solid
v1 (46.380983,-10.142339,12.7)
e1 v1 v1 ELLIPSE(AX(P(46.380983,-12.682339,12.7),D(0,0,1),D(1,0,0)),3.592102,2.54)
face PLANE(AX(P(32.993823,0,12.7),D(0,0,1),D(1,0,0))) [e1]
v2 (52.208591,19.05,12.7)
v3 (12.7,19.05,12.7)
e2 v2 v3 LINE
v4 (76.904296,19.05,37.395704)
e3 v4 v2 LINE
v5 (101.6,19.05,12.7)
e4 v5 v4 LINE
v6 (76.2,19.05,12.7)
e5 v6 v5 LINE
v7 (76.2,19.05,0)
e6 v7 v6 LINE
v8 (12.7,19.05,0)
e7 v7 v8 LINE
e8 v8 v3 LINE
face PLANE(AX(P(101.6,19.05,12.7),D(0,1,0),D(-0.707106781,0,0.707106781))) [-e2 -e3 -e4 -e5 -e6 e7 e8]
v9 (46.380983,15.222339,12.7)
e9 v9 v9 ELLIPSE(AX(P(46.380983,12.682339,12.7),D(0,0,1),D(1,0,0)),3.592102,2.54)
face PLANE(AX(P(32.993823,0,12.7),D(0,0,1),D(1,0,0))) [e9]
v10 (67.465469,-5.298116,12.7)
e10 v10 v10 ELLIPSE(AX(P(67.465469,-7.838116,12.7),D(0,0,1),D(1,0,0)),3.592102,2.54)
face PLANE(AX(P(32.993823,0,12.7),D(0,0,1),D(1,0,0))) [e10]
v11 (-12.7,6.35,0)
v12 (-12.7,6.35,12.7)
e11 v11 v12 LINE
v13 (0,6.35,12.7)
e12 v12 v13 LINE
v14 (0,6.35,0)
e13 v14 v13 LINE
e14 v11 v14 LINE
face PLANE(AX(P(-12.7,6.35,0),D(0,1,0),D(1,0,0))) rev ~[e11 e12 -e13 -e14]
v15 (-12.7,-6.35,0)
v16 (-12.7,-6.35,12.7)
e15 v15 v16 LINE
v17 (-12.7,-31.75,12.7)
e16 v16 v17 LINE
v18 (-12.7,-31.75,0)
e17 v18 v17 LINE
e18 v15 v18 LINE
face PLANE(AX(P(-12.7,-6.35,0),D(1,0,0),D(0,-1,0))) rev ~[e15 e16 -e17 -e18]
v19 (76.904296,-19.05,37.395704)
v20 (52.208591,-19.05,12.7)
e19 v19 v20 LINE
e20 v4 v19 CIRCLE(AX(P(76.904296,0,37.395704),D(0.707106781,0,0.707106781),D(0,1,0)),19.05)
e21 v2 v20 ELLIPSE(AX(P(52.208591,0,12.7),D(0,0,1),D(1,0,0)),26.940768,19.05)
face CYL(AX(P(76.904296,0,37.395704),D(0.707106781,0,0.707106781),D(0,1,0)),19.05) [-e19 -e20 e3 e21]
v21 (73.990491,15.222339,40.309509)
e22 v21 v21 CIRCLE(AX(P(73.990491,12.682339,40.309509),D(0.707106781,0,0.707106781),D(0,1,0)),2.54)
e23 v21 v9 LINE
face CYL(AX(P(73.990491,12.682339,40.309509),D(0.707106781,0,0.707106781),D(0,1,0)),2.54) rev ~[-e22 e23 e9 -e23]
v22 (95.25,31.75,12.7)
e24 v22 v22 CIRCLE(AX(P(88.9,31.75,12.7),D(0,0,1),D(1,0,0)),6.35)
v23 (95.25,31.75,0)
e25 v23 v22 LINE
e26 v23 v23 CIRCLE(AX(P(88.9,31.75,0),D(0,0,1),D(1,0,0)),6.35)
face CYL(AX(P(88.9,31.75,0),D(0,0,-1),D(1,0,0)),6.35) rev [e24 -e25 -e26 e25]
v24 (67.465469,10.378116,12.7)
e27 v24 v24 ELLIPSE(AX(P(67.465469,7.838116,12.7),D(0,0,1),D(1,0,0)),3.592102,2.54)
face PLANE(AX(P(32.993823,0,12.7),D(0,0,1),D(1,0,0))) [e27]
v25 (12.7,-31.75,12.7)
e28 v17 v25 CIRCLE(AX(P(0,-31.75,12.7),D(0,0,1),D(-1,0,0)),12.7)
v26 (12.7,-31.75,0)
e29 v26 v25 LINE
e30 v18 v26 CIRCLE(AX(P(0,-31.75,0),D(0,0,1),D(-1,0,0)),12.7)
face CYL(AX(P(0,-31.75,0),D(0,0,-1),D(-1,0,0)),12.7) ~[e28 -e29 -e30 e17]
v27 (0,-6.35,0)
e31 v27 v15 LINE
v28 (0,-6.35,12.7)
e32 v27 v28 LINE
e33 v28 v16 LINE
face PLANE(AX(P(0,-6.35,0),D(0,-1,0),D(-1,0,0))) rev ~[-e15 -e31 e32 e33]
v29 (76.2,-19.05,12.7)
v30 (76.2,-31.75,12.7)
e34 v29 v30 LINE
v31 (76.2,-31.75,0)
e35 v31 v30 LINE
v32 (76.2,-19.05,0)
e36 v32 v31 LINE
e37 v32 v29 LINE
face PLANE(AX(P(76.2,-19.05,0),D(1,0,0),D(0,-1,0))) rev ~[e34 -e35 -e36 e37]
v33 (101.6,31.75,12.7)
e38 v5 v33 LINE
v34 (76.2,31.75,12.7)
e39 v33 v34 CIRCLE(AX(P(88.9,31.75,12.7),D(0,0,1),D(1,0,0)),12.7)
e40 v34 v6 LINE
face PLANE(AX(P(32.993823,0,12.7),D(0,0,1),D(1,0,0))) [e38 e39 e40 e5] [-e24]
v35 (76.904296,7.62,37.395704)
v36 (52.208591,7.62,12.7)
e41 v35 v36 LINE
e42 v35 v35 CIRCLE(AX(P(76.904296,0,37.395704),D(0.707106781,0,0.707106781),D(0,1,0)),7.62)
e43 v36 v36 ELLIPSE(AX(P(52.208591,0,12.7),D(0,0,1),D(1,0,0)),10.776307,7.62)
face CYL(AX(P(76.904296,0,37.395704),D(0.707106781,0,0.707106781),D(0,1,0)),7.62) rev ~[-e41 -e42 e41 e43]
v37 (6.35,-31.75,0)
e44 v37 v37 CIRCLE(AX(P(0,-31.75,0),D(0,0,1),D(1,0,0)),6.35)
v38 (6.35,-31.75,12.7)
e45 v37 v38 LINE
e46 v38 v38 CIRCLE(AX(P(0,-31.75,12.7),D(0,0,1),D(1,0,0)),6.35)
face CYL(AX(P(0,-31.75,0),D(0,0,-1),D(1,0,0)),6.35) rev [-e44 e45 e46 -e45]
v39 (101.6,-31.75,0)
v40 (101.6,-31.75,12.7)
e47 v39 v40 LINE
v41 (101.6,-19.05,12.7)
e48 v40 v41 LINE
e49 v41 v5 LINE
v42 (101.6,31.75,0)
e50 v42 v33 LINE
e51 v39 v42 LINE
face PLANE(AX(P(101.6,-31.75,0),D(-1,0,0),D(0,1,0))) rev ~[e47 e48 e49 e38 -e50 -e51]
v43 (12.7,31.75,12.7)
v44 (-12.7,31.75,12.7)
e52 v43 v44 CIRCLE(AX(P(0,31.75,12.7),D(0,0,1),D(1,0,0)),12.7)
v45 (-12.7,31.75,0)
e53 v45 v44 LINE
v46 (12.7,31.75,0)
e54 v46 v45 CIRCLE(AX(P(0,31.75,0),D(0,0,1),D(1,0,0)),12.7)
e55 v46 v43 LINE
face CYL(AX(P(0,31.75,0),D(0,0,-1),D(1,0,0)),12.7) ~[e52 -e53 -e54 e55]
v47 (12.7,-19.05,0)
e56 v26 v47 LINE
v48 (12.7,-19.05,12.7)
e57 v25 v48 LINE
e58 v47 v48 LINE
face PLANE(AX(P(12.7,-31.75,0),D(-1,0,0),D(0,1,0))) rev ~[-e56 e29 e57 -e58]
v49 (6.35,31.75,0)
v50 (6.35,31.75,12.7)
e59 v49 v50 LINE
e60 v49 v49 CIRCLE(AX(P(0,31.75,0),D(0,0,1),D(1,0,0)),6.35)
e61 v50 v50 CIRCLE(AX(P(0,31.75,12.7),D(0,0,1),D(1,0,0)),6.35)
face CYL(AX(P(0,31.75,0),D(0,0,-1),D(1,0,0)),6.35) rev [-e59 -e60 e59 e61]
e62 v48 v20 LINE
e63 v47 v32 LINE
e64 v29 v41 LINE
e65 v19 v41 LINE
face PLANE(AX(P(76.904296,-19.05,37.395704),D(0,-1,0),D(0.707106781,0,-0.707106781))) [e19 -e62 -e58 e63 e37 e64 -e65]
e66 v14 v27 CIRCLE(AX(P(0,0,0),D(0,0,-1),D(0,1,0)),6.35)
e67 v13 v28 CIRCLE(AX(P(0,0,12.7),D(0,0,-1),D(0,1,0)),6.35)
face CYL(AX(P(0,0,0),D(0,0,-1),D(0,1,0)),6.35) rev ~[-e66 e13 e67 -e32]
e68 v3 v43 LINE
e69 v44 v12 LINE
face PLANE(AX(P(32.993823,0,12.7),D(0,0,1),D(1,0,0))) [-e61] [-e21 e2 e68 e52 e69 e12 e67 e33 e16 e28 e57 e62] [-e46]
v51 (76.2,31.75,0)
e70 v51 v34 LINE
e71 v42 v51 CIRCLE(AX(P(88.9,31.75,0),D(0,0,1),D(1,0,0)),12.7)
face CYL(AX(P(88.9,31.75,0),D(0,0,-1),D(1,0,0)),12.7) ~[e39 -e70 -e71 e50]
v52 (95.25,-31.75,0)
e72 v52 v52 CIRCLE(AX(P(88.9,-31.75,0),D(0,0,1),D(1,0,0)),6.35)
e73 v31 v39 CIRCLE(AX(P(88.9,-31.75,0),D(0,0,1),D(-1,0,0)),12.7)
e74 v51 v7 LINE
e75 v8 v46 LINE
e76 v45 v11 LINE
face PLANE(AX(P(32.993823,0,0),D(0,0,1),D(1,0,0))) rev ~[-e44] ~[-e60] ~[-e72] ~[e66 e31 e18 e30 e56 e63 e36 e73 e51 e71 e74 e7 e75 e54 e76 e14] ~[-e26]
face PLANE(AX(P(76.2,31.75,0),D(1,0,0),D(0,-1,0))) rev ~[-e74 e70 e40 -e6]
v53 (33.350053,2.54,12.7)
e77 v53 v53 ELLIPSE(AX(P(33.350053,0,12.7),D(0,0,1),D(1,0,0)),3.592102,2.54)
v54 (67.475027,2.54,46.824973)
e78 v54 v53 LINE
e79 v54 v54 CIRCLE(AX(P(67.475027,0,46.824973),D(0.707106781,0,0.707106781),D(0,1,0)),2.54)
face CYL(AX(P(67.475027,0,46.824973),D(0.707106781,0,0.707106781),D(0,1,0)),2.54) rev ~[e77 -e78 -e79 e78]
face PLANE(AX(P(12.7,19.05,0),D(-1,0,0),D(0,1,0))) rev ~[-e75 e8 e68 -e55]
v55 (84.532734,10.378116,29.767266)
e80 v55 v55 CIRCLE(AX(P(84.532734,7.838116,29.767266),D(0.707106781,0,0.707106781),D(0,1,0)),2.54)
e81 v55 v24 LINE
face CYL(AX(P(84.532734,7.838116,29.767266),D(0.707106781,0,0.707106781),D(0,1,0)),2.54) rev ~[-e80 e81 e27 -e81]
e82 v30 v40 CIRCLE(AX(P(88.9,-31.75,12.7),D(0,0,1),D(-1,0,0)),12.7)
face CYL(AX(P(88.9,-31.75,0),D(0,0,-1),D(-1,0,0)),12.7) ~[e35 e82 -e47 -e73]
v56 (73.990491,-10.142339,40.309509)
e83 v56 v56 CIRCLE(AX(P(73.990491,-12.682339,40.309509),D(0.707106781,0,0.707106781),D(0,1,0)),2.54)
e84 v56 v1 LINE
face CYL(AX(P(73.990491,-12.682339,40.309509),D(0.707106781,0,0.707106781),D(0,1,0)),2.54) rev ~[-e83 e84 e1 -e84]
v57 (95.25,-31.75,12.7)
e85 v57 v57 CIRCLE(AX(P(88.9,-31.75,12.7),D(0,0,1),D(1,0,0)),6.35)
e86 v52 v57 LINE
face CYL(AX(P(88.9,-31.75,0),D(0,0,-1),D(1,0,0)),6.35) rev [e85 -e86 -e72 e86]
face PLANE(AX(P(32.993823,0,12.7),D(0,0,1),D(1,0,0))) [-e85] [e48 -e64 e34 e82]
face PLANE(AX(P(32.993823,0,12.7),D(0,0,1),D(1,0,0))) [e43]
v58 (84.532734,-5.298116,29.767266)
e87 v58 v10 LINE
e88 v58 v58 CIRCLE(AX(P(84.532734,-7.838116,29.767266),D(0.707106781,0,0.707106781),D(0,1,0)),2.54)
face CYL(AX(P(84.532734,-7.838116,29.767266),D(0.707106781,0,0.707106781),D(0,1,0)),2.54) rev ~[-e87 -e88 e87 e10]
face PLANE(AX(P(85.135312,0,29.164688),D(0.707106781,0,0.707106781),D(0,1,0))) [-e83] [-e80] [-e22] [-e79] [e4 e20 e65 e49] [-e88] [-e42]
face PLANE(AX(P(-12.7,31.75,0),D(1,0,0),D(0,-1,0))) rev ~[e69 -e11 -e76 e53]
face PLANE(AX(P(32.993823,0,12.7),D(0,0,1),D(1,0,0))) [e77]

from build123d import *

# Parameters (mm, degrees)
F0_R     = 6.35
F1_DEPTH = 12.7
F3_R     = 2.54
F3_R_2   = 7.62


with BuildPart() as f1:
    # F0 (on Top) → F1 (new body)
    with BuildSketch(Plane.XY):
        with BuildLine():
            ThreePointArc((0, 6.35), (6.35, 0), (0, -6.35))
            Line((0, -6.35), (-12.7, -6.35))
            Line((-12.7, -6.35), (-12.7, -31.75))
            ThreePointArc((-12.7, -31.75), (0, -44.45), (12.7, -31.75))
            Line((12.7, -31.75), (12.7, -19.05))
            Line((12.7, -19.05), (76.2, -19.05))
            Line((76.2, -19.05), (101.6, -19.05))
            Line((101.6, -19.05), (101.6, 19.05))
            Line((101.6, 19.05), (76.2, 19.05))
            Line((76.2, 19.05), (12.7, 19.05))
            Line((12.7, 19.05), (12.7, 31.75))
            ThreePointArc((12.7, 31.75), (0, 44.45), (-12.7, 31.75))
            Line((-12.7, 31.75), (-12.7, 6.35))
            Line((-12.7, 6.35), (0, 6.35))
        make_face()
        with Locations((0, -31.75)):
            Circle(F0_R, mode=Mode.SUBTRACT)
        with Locations((0, 31.75)):
            Circle(F0_R, mode=Mode.SUBTRACT)
        with BuildLine():
            Line((101.6, -19.05), (76.2, -19.05))
            Line((76.2, -19.05), (76.2, -31.75))
            ThreePointArc((76.2, -31.75), (88.9, -44.45), (101.6, -31.75))
            Line((101.6, -31.75), (101.6, -19.05))
        make_face()
        with Locations((88.9, -31.75)):
            Circle(F0_R, mode=Mode.SUBTRACT)
        with BuildLine():
            Line((76.2, 31.75), (76.2, 19.05))
            Line((76.2, 19.05), (101.6, 19.05))
            Line((101.6, 19.05), (101.6, 31.75))
            ThreePointArc((101.6, 31.75), (88.9, 44.45), (76.2, 31.75))
        make_face()
        with Locations((88.9, 31.75)):
            Circle(F0_R, mode=Mode.SUBTRACT)
    extrude(amount=F1_DEPTH)

    # F3 (on face) → F4 (join, up to the next surface of F1)
    with BuildSketch(Plane(origin=(57.15, 0, 57.15), x_dir=(0, 1, 0), z_dir=(0.7071067812, 0, 0.7071067812))):
        with BuildLine():
            Line((-19.05, -27.9367928475), (-19.05, -62.8617928475))
            Line((-19.05, -62.8617928475), (19.05, -62.8617928475))
            Line((19.05, -62.8617928475), (19.05, -27.9367928475))
            ThreePointArc((19.05, -27.9367928475), (0, -8.8867928475), (-19.05, -27.9367928475))
        make_face()
        with Locations((-7.8381163393, -38.7250344675)):
            Circle(F3_R, mode=Mode.SUBTRACT)
        with Locations((7.8381163393, -38.7250344675)):
            Circle(F3_R, mode=Mode.SUBTRACT)
        with Locations((-12.6823386448, -23.8160512275)):
            Circle(F3_R, mode=Mode.SUBTRACT)
        with Locations((0, -27.9367928475)):
            Circle(F3_R_2, mode=Mode.SUBTRACT)
        with Locations((0, -14.6017928475)):
            Circle(F3_R, mode=Mode.SUBTRACT)
        with Locations((12.6823386448, -23.8160512275)):
            Circle(F3_R, mode=Mode.SUBTRACT)
    extrude(until=Until.NEXT, dir=(-0.7071067812, 0, -0.7071067812))


solid = f1.part
